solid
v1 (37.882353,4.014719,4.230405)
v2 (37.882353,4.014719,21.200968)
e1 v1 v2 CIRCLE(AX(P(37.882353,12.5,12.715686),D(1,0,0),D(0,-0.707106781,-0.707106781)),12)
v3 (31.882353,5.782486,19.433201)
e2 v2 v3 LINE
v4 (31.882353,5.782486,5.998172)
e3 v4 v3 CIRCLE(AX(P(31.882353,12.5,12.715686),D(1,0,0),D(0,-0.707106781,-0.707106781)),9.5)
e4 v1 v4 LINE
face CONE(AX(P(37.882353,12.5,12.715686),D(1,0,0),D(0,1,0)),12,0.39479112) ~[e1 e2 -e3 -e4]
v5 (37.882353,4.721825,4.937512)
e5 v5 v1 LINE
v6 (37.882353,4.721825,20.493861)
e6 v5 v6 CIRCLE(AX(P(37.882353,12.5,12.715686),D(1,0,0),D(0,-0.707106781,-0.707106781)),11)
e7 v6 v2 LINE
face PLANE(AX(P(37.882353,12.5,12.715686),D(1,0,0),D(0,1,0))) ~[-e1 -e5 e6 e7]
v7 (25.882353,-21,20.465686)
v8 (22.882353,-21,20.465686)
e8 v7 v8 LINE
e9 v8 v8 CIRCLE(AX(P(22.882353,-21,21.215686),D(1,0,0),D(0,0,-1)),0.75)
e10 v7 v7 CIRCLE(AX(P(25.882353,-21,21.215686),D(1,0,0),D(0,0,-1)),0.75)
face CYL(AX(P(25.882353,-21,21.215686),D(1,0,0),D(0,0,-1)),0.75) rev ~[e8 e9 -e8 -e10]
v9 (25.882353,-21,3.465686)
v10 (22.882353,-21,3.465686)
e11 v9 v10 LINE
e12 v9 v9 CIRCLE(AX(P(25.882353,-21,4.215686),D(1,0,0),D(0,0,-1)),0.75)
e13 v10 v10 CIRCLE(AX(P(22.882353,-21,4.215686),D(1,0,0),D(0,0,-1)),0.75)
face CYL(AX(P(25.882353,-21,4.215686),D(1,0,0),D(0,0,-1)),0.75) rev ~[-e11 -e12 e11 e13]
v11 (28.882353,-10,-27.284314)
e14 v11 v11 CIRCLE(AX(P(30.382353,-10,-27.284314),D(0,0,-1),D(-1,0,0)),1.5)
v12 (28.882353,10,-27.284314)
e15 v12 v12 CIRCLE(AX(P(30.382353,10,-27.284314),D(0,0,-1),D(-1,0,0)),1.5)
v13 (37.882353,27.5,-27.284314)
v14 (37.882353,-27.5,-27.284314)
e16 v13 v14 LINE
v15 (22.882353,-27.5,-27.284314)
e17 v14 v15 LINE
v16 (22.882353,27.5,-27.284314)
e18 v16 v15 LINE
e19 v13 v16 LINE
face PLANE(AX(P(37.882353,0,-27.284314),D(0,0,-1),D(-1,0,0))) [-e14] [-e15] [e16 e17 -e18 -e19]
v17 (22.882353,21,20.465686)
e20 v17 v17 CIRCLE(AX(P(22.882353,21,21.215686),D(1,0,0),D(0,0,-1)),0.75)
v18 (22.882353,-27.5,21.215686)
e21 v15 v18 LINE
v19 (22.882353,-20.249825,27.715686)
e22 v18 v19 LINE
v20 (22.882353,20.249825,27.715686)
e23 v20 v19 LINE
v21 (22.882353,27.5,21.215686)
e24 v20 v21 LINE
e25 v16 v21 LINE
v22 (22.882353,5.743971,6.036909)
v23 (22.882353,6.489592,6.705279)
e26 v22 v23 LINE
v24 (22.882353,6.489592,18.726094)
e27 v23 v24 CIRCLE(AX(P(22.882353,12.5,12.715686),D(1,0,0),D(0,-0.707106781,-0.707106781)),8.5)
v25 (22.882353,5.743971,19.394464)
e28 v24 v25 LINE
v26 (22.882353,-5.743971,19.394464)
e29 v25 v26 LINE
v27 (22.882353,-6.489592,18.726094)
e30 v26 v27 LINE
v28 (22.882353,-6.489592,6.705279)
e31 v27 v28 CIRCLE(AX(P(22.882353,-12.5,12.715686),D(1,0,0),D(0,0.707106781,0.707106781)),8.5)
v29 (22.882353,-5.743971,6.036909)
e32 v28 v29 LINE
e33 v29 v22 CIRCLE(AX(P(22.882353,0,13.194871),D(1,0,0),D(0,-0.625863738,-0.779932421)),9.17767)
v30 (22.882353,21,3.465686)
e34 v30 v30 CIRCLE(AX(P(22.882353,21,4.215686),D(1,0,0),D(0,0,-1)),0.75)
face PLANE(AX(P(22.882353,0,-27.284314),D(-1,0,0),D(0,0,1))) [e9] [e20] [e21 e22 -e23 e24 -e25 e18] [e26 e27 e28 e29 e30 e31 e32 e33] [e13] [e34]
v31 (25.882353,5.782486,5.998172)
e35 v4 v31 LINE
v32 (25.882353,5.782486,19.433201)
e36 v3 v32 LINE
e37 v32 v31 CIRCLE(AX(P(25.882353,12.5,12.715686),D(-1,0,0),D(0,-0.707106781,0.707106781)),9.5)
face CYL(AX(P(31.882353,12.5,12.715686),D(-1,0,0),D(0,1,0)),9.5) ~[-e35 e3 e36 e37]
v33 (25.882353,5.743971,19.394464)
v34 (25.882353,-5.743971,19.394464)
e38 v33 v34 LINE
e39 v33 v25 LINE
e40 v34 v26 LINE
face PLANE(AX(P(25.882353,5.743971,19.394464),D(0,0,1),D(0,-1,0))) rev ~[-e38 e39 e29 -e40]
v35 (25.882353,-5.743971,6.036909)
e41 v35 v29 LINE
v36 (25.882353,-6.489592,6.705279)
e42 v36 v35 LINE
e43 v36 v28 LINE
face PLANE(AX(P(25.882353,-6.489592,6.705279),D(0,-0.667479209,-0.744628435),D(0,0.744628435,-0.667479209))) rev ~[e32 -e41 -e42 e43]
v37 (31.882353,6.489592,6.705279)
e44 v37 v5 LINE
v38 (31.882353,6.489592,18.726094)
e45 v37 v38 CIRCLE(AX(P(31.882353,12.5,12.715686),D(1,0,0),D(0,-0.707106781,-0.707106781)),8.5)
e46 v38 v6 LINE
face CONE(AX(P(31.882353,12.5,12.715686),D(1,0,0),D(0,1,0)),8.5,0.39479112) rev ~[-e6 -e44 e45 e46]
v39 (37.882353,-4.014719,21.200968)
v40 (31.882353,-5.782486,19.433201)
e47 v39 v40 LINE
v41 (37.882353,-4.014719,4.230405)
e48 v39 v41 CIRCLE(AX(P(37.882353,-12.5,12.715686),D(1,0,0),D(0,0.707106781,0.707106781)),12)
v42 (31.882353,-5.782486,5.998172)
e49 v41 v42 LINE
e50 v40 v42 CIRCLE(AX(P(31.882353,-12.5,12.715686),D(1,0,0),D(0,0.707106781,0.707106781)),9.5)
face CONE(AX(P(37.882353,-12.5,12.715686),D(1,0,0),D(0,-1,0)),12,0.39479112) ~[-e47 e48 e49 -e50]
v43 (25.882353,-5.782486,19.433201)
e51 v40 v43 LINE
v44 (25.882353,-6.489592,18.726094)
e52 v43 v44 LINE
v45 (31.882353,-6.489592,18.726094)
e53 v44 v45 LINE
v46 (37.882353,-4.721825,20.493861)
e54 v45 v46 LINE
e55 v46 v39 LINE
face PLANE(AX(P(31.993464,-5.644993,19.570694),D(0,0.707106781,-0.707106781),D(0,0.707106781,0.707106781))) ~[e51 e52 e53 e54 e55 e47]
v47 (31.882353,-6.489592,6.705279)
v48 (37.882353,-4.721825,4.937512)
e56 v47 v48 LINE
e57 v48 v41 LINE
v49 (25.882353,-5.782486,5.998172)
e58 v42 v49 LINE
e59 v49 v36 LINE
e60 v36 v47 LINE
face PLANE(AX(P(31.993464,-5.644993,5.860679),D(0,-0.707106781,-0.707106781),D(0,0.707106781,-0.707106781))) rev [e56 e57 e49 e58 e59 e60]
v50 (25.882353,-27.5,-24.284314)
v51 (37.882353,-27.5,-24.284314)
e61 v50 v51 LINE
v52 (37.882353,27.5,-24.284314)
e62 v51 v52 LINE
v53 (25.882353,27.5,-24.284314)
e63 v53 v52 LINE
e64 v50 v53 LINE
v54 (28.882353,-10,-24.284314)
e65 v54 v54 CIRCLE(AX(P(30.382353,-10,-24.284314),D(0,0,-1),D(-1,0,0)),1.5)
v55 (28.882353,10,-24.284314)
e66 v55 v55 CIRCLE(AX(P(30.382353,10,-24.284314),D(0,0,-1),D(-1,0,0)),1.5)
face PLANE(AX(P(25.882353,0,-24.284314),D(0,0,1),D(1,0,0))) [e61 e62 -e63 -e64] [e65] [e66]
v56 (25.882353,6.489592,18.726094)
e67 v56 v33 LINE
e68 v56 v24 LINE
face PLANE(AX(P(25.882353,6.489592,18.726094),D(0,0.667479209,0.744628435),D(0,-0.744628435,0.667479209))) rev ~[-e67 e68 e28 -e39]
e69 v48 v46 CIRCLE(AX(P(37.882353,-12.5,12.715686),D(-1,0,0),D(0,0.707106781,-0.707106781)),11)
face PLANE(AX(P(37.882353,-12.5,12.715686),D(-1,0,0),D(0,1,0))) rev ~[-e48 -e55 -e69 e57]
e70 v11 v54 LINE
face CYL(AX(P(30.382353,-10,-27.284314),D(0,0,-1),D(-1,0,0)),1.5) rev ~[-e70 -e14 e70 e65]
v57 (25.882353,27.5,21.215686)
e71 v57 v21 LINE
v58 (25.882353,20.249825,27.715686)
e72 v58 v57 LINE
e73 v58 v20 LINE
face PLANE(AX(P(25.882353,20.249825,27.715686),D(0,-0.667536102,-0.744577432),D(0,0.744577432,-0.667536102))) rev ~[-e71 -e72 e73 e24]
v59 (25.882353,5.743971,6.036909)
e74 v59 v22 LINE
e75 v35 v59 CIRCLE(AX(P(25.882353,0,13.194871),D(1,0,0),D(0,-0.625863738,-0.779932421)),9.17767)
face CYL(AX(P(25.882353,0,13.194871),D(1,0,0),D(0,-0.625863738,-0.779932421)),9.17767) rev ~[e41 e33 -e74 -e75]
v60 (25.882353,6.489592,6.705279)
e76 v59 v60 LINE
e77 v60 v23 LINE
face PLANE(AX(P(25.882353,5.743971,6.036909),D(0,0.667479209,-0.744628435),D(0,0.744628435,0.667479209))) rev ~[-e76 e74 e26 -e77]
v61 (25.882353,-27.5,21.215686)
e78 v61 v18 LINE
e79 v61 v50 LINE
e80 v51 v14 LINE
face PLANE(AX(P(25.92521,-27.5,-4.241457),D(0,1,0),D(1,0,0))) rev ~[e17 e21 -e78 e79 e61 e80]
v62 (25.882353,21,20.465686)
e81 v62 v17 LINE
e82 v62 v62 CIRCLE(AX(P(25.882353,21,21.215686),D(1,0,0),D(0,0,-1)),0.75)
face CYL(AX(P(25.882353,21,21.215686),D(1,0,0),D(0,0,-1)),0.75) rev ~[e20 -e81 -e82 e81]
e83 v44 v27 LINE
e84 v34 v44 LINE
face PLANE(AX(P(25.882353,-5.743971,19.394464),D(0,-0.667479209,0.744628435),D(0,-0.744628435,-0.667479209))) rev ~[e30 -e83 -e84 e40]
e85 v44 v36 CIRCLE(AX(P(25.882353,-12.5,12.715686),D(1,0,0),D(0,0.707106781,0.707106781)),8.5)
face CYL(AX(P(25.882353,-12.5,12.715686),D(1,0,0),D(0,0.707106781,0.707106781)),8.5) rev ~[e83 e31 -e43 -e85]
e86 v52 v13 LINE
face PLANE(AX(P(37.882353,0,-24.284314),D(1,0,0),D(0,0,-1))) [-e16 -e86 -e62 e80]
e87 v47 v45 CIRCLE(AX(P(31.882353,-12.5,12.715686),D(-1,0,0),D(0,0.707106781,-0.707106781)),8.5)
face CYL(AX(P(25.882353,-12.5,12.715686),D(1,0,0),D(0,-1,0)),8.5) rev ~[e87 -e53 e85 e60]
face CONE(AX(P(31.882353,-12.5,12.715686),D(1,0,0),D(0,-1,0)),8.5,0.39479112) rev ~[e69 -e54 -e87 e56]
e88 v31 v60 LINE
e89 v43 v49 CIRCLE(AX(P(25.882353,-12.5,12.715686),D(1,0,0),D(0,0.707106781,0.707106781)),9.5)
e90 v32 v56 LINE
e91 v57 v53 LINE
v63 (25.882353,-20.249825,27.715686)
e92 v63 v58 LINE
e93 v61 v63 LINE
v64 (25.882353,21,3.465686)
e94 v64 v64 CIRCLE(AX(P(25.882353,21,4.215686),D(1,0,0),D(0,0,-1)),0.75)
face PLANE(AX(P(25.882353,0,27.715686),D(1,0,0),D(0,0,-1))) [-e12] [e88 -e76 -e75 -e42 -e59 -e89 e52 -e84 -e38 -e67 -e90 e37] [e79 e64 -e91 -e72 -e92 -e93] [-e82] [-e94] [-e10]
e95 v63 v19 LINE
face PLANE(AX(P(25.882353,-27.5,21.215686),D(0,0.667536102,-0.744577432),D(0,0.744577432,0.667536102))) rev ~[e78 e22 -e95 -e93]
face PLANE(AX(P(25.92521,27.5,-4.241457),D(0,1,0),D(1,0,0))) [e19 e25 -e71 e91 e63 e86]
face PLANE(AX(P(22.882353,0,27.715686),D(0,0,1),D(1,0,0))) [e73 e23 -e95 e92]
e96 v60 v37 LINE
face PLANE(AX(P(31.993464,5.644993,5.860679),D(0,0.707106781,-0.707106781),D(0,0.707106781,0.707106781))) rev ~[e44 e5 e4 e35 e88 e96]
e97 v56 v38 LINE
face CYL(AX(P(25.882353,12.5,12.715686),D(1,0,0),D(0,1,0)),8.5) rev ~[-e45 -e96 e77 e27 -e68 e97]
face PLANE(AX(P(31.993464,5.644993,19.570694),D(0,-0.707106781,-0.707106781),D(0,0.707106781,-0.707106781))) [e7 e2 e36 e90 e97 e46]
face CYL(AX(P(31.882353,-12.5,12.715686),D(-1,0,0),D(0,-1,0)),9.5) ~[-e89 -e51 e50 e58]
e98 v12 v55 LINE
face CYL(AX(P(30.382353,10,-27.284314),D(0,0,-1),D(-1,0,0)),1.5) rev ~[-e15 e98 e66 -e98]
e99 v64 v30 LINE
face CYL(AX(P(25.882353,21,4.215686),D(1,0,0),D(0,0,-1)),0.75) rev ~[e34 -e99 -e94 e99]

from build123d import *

# Parameters (mm, degrees)
EXTRUDE_1_DEPTH     = 27.5
SKETCH_3_R          = 0.75
CUT_EXTRUDE_3_DEPTH = 3
REVOLVE_1_ANGLE     = 270
SKETCH_2_R          = 1.5
CUT_EXTRUDE_4_DEPTH = 3


with BuildPart() as part:
    # 草图1 → 凸台-拉伸1 (new, symmetric)
    with BuildSketch(Plane(origin=(0, 0, 0), x_dir=(1, 0, 0), z_dir=(0, 1, 0))):
        Polygon((22.882352941, -27.715686275), (25.882352941, -27.715686275), (25.882352941, 24.284313725), (37.882352941, 24.284313725), (37.882352941, 27.284313725), (22.882352941, 27.284313725), align=None)
    extrude(amount=EXTRUDE_1_DEPTH, both=True)

    # 草图3 → 切除-拉伸3 (cut)
    with BuildSketch(Plane(origin=(25.882352941, 0, 0), x_dir=(0, 0, -1), z_dir=(1, 0, 0))):
        with BuildLine():
            Line((-19.394463571, 5.743970558), (-19.394463571, -5.743970558))
            Line((-19.394463571, -5.743970558), (-18.726093915, -6.48959236))
            ThreePointArc((-18.726093915, -6.48959236), (-12.715686275, -21), (-6.705278634, -6.48959236))
            Line((-6.705278634, -6.48959236), (-6.036908978, -5.743970558))
            ThreePointArc((-6.036908978, -5.743970558), (-4.017201465, 0), (-6.036908978, 5.743970558))
            Line((-6.036908978, 5.743970558), (-6.705278634, 6.48959236))
            ThreePointArc((-6.705278634, 6.48959236), (-12.715686275, 21), (-18.726093915, 6.48959236))
            Line((-18.726093915, 6.48959236), (-19.394463571, 5.743970558))
        make_face()
        Polygon((-21.215686275, 27.5), (-27.715686275, 27.5), (-27.715686275, 20.24982538), align=None)
        Polygon((-21.215686275, -27.5), (-27.715686275, -20.24982538), (-27.715686275, -27.5), align=None)
        with Locations((-4.215686275, -21)):
            Circle(SKETCH_3_R)
        with Locations((-21.215686275, -21)):
            Circle(SKETCH_3_R)
        with Locations((-4.215686275, 21)):
            Circle(SKETCH_3_R)
        with Locations((-21.215686275, 21)):
            Circle(SKETCH_3_R)
    extrude(amount=-CUT_EXTRUDE_3_DEPTH, mode=Mode.SUBTRACT)

    # 草图5 → 旋转1 (revolve, symmetric)
    with BuildSketch(Plane(origin=(0, 0, 12.715686275), x_dir=(0, -1, 0), z_dir=(0, 0, 1))) as revolve_1_sk:
        Polygon((-22, 25.882352941), (-21, 25.882352941), (-21, 31.882352941), (-23.5, 37.882352941), (-24.5, 37.882352941), (-22, 31.882352941), align=None)
    revolve_1 = revolve(axis=Axis((32.882352941, 12.5, 12.715686275), (-1, 0, 0)), revolution_arc=REVOLVE_1_ANGLE / 2)
    revolve_1 = revolve_1 + revolve(revolve_1_sk.sketch, axis=Axis((32.882352941, 12.5, 12.715686275), (1, 0, 0)), revolution_arc=REVOLVE_1_ANGLE / 2)

    # 镜向1: 旋转1 across plane
    add(revolve_1.mirror(Plane.ZX))

    # 草图2 → 切除-拉伸4 (cut)
    with BuildSketch(Plane(origin=(0, 0, -27.284313725), x_dir=(-1, 0, 0), z_dir=(0, 0, -1))):
        with Locations((-30.382352941, 10)):
            Circle(SKETCH_2_R)
        with Locations((-30.382352941, -10)):
            Circle(SKETCH_2_R)
    extrude(amount=-CUT_EXTRUDE_4_DEPTH, mode=Mode.SUBTRACT)


solid = part.part
